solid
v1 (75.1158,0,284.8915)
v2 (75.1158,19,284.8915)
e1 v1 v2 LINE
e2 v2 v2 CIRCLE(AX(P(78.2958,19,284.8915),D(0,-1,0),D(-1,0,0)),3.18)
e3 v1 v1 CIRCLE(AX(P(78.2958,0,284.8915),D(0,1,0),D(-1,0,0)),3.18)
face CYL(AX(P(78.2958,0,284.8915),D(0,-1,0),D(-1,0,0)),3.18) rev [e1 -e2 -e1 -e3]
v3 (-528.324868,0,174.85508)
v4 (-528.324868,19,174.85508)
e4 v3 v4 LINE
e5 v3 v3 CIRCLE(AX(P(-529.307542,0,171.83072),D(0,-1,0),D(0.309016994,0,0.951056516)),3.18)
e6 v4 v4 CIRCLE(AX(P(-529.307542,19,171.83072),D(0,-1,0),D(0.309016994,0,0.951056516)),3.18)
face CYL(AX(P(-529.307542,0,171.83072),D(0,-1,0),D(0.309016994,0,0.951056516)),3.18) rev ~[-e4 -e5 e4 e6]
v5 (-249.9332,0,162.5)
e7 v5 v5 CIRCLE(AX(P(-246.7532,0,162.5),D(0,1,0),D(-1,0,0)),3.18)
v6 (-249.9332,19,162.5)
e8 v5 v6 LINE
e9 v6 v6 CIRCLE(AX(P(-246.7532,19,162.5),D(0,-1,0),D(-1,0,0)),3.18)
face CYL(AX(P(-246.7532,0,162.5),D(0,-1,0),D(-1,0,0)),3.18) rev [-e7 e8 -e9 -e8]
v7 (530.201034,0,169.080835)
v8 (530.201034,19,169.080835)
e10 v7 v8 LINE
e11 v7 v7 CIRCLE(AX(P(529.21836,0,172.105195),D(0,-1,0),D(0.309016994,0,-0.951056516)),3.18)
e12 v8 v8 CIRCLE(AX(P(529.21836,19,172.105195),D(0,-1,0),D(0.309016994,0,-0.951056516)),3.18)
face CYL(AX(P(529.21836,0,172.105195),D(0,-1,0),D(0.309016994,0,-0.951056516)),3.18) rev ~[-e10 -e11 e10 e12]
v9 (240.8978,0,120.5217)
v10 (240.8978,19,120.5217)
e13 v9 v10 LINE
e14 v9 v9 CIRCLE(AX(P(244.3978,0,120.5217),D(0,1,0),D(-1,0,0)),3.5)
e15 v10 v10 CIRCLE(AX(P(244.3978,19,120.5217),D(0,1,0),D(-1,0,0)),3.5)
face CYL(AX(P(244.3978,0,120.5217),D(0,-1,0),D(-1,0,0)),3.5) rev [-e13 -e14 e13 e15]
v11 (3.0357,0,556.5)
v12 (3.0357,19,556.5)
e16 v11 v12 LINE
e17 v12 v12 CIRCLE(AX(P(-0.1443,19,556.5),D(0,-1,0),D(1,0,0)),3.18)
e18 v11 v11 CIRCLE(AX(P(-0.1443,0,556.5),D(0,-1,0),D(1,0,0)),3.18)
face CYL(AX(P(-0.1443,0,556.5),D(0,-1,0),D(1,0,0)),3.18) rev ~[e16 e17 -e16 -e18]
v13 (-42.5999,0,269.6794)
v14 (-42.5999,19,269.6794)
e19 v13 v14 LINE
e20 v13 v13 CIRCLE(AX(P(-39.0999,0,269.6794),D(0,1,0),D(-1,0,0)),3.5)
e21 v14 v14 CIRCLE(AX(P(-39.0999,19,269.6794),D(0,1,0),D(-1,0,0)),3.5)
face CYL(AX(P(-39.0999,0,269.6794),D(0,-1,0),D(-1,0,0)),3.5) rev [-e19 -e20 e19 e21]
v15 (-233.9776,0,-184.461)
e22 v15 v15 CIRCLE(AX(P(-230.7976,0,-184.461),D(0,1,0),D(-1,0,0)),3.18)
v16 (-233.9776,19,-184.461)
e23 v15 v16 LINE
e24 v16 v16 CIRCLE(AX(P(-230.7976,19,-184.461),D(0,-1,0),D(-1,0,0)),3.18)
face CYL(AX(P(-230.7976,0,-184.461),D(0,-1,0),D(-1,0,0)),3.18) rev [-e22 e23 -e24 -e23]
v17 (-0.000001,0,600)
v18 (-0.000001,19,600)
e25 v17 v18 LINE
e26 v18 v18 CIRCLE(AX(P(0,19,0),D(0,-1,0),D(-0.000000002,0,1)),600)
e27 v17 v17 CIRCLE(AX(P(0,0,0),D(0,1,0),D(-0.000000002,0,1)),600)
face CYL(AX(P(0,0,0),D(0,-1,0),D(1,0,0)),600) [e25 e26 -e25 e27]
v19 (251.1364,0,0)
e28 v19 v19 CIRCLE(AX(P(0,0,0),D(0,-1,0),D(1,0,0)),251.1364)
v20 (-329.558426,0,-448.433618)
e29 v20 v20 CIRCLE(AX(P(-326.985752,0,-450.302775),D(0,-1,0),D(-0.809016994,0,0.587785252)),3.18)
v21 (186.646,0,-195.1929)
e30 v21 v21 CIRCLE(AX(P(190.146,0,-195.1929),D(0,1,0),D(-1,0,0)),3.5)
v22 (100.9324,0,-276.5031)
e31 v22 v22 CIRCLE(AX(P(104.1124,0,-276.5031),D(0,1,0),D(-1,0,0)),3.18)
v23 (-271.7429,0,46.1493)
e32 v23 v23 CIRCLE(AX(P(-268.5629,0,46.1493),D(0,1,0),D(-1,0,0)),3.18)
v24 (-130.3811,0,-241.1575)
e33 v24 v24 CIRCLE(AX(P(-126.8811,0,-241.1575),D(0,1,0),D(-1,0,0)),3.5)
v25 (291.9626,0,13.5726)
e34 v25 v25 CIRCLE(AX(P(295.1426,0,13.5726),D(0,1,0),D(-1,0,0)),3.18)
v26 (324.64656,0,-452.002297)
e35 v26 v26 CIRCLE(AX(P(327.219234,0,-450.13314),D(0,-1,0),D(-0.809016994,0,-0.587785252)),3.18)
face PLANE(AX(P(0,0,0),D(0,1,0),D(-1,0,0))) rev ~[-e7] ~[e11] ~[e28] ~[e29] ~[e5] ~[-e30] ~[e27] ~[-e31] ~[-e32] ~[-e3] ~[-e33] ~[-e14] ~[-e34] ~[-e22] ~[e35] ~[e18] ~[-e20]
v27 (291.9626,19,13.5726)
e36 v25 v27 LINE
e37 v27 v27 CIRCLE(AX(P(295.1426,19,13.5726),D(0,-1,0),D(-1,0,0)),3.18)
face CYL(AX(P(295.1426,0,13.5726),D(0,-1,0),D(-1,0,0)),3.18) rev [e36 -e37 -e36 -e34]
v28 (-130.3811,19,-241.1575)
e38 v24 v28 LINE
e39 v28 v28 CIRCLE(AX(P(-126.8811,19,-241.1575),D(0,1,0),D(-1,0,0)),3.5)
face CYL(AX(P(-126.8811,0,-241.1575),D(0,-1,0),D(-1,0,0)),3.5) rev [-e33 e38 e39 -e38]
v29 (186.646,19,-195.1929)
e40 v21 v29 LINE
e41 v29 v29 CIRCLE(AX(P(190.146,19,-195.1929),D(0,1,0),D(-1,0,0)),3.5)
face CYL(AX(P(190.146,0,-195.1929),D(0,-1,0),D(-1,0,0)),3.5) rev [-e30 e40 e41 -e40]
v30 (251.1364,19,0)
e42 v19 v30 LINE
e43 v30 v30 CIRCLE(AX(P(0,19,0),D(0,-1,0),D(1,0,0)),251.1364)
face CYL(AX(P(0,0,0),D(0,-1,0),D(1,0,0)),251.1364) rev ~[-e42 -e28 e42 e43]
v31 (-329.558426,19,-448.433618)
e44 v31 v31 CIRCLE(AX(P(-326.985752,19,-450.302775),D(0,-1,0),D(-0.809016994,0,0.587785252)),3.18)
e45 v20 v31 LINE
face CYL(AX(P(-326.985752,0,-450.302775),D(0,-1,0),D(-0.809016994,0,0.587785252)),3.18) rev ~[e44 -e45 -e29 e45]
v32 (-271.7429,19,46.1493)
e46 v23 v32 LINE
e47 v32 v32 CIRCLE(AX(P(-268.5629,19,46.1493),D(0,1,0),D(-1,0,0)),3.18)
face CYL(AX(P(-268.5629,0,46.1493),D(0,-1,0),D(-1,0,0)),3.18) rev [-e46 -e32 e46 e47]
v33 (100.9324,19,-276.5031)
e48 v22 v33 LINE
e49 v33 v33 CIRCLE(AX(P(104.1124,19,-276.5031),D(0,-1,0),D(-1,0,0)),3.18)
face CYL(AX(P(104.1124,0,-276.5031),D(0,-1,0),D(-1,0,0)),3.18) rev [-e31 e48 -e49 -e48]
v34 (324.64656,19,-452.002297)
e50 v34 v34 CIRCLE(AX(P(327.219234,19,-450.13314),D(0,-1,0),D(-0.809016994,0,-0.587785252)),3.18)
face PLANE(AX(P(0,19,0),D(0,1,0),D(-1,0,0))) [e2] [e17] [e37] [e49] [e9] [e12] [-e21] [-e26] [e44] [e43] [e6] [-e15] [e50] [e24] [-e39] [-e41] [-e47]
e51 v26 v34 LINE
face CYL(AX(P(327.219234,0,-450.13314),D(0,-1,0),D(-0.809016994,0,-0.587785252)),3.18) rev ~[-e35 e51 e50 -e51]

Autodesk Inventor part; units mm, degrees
ref_plane "YZ Plane" through (0, 0, 0) normal (1, 0, 0) x (0, 1, 0)
ref_plane "XZ Plane" through (0, 0, 0) normal (0, 1, 0) x (-1, 0, 0)
ref_plane "XY Plane" through (0, 0, 0) normal (0, 0, 1) x (1, 0, 0)
sketch "Sketch1" plane through (0, 0, 0) normal (0, 1, 0) x (-1, 0, 0)
  line L0 (1200, -600) -> (-1200, -600)
  line L1 (-1200, -600) -> (-1200, 600)
  line L2 (-1200, 600) -> (1200, 600)
  line L3 (1200, 600) -> (1200, -600)
  line L4 (1200, -600) -> (-1200, 600) construction
  line L5 (-1200, -600) -> (1200, 600) construction
  circle A0 centre (0, 0) radius 130 construction
  circle A1 centre (0, 0) radius 325 construction
  line L6 (0, 325) -> (309.0934, 100.4305) construction
  line L7 (309.0934, 100.4305) -> (191.0302, -262.9305) construction
  line L8 (191.0302, -262.9305) -> (-191.0302, -262.9305) construction
  line L9 (-191.0302, -262.9305) -> (-309.0934, 100.4305) construction
  line L10 (-309.0934, 100.4305) -> (0, 325) construction
  line L11 (0, 0) -> (0, 325) construction
  line L12 (0, 0) -> (-309.0934, 100.4305) construction
  line L13 (0, 0) -> (-191.0302, -262.9305) construction
  line L14 (0, 0) -> (309.0934, 100.4305) construction
  line L15 (0, 0) -> (191.0302, -262.9305) construction
  arc A2 (-15.7737, 293.9464) -> (0, 0) centre (281.4583, 162.5) ccw
  arc A3 (224.7845, 110.9324) -> (0, 0) centre (230.7976, -184.461) ccw
  arc A4 (275.3692, 201.188) -> (35.5667, 329.5753) centre (50.8772, 70.0265) ccw
  arc A5 (224.7845, 110.9324) -> (275.3692, 201.188) centre (223.5633, 170.92) ccw
  arc A6 (35.5667, 329.5753) -> (-15.7737, 293.9464) centre (39.0999, 269.6794) ccw
  arc A7 (-284.434, 75.8328) -> (0, 0) centre (-67.5713, 317.898) ccw
  arc A8 (-36.0407, 248.0627) -> (0, 0) centre (246.7532, 162.5) ccw
  arc A9 (-106.2474, 324.0622) -> (-302.454, 135.6703) centre (-50.8772, 70.0265) ccw
  arc A10 (-36.0407, 248.0627) -> (-106.2474, 324.0622) centre (-93.4697, 265.4385) ccw
  arc A11 (-302.454, 135.6703) -> (-284.434, 75.8328) centre (-244.3978, 120.5217) ccw
  arc A12 (-160.0162, -247.0792) -> (0, 0) centre (-323.2196, 33.9718) ccw
  arc A13 (-247.0589, 42.3788) -> (0, 0) centre (-78.2958, 284.8915) ccw
  arc A14 (-341.0337, -0.9066) -> (-222.4935, -245.7264) centre (-82.321, -26.7477) ccw
  arc A15 (-247.0589, 42.3788) -> (-341.0337, -0.9066) centre (-281.3308, -6.8699) ccw
  arc A16 (-222.4935, -245.7264) -> (-160.0162, -247.0792) centre (-190.146, -195.1929) ccw
  arc A17 (185.5386, -228.5361) -> (0, 0) centre (-132.1894, -296.9023) ccw
  arc A18 (-116.65, -221.8712) -> (0, 0) centre (-295.1426, 13.5726) ccw
  arc A19 (-104.523, -324.6224) -> (164.9454, -287.5376) centre (0, -86.5575) ccw
  arc A20 (-116.65, -221.8712) -> (-104.523, -324.6224) centre (-80.4023, -269.6844) ccw
  arc A21 (164.9454, -287.5376) -> (185.5386, -228.5361) centre (126.8811, -241.1575) ccw
  arc A22 (274.6853, 105.8361) -> (0, 0) centre (241.5221, -217.4674) ccw
  arc A23 (174.9652, -179.5027) -> (0, 0) centre (-104.1124, -276.5031) ccw
  arc A24 (276.4349, -199.7211) -> (324.4354, 68.0184) centre (82.321, -26.7477) ccw
  arc A25 (174.9652, -179.5027) -> (276.4349, -199.7211) centre (231.6394, -159.8042) ccw
  arc A26 (324.4354, 68.0184) -> (274.6853, 105.8361) centre (268.5629, 46.1493) ccw
  line L16 (246.7532, 162.5) -> (-78.2958, 284.8915)
  line L17 (-78.2958, 284.8915) -> (-295.1426, 13.5726)
  line L18 (-295.1426, 13.5726) -> (-104.1124, -276.5031)
  line L19 (-104.1124, -276.5031) -> (230.7976, -184.461)
  line L20 (230.7976, -184.461) -> (246.7532, 162.5)
  circle A27 centre (0, 0) radius 251.1364
  circle A28 centre (223.5633, 170.92) radius 60 construction
  circle A29 centre (246.7532, 162.5) radius 43.2425 construction
  circle A30 centre (246.7532, 162.5) radius 3.18
  circle A31 centre (39.0999, 269.6794) radius 3.5
  circle A32 centre (-78.2958, 284.8915) radius 3.18
  circle A33 centre (-244.3978, 120.5217) radius 3.5
  circle A34 centre (-295.1426, 13.5726) radius 3.18
  circle A35 centre (-190.146, -195.1929) radius 3.5
  circle A36 centre (-104.1124, -276.5031) radius 3.18
  circle A37 centre (126.8811, -241.1575) radius 3.5
  circle A38 centre (230.7976, -184.461) radius 3.18
  circle A39 centre (268.5629, 46.1493) radius 3.18
  point P0 (-309.0934, 100.4305)
  point P1 (0, 325)
  point P2 (-191.0302, -262.9305)
  point P3 (-309.0934, 100.4305)
  point P4 (191.0302, -262.9305)
  point P5 (-191.0302, -262.9305)
  point P6 (309.0934, 100.4305)
  point P7 (191.0302, -262.9305)
  dimension "d3" = 650
  dimension "d0" = 2400
  dimension "d1" = 1200
  dimension "d2" = 260
  dimension "d9" = 325
  dimension "d10" = 295.4545
  dimension "d11" = 260
  dimension "d12" = 60
  dimension "d15" = 360
  dimension "d21" = 502.2727
  dimension "d22" = 6.36
  dimension "d23" = 7
  dimension "d24" = 6.36
  dimension "d25" = 7
  dimension "d26" = 6.36
  dimension "d27" = 7
  dimension "d28" = 6.36
  dimension "d29" = 7
  dimension "d30" = 6.36
  dimension "d31" = 6.36
extrude "Extrusion1" add sketch "Sketch1" along normal blind 19 contours L0 L1 L2 L3 | A6 A4 A5 L20 A30 L16 A27 A2 | L16 A27 A2 | A2 A27 A10 L16 | A27 L16 A5 A3 A2 | A2 A8 A10 A27 | A27 L16 | L16 A32 L17 A27 A7 A11 A9 A10 | A10 A27 L17 A32 L16 | A13 A15 A27 A7 | A7 A27 L17 A10 A8 | A18 A20 A27 A12 | A12 A27 L18 A15 A13 | A23 A25 A27 A17 | A17 A27 L19 A20 A18 | A3 A5 A27 A22 | A22 A27 L20 A25 A23 | L16 A30 L20 A5 A27 | A32 L17 L16 | L16 L17 A32 | L20 A22 A27 A5 | A27 A15 L17 A7 | A7 L17 A27 | A27 A20 L18 A12 | A12 L18 A27 | A27 A25 L19 A17 | A17 L19 A27 | A22 L20 A27 | L17 A27 | A30 L20 L16 | L16 L20 A30 | A22 A26 A24 A25 L19 A38 L20 A27 | A27 L18 A34 L17 A15 | A12 A16 A14 A15 L17 A34 L18 A27 | A27 L18 | A27 L19 A36 L18 A20 | A17 A21 A19 A20 L18 A36 L19 A27 | A27 L19 | A27 L20 A38 L19 A25 | A27 L20 | A34 L18 L17 | L17 L18 A34 | A36 L19 L18 | L18 L19 A36 | A38 L20 L19 | L19 L20 A38 | A31 | A33 | A35 | A37 | A39
extrude "Extrusion3" cut sketch "Sketch1" along normal blind 19 contours A32 L17 L16 | L16 L17 A32 | A30 L20 L16 | L16 L20 A30 | A34 L18 L17 | L17 L18 A34 | A36 L19 L18 | L18 L19 A36 | A38 L20 L19 | L19 L20 A38 | A31 | A33 | A35 | A37 | A39
sketch "Sketch3" plane through (0, 0, 0) normal (0, -1, 0) x (1, 0, 0)
  circle A0 centre (0, 0) radius 251.1364 projected
extrude "Extrusion4" cut sketch "Sketch3" against normal up to next
sketch "Sketch7" plane through (0, 0, 0) normal (0, -1, 0) x (1, 0, 0)
  arc A0 (-0.1434, 553) -> (-0.1452, 560) centre (-0.1443, 556.5) ccw projected
  circle A1 centre (-0.1443, 556.5) radius 3.18
  dimension "d50" = 6.36
extrude "Extrusion8" cut sketch "Sketch7" against normal blind 19
pattern_circular "Circular Pattern1" count 5 over 360 about axis through (0, 0, 0) along (0, 1, 0) of "Extrusion8"
sketch "Sketch8" plane through (0, 0, 0) normal (0, -1, 0) x (1, 0, 0)
  circle A0 centre (0, 0) radius 251.1364 projected
  line L0 (-1200, -600) -> (1200, -600) projected
  line L1 (1200, -600) -> (1200, 600) projected
  line L2 (1200, 600) -> (-1200, 600) projected
  line L3 (-1200, 600) -> (-1200, -600) projected
  circle A1 centre (0, 0) radius 600
  dimension "d47" = 1200
extrude "Extrusion9" cut sketch "Sketch8" against normal blind 19 contours A0 | L3 L2 A1 L0 | A1 L2 L1 L0
equation "\"d2\" = 0.4 * d3"
equation "\"d9\" = 0.5 * d3"
equation "\"d10\" = 0.454545 * d3"
equation "\"d11\" = 0.4 * d3"
equation "\"d21\" = 1.7 * d10"
equation "\"d24\" = d22"
equation "\"d26\" = d28"
equation "\"d28\" = d30"
equation "\"d30\" = d31"
equation "\"d31\" = d22"
properties part number "plancha"
